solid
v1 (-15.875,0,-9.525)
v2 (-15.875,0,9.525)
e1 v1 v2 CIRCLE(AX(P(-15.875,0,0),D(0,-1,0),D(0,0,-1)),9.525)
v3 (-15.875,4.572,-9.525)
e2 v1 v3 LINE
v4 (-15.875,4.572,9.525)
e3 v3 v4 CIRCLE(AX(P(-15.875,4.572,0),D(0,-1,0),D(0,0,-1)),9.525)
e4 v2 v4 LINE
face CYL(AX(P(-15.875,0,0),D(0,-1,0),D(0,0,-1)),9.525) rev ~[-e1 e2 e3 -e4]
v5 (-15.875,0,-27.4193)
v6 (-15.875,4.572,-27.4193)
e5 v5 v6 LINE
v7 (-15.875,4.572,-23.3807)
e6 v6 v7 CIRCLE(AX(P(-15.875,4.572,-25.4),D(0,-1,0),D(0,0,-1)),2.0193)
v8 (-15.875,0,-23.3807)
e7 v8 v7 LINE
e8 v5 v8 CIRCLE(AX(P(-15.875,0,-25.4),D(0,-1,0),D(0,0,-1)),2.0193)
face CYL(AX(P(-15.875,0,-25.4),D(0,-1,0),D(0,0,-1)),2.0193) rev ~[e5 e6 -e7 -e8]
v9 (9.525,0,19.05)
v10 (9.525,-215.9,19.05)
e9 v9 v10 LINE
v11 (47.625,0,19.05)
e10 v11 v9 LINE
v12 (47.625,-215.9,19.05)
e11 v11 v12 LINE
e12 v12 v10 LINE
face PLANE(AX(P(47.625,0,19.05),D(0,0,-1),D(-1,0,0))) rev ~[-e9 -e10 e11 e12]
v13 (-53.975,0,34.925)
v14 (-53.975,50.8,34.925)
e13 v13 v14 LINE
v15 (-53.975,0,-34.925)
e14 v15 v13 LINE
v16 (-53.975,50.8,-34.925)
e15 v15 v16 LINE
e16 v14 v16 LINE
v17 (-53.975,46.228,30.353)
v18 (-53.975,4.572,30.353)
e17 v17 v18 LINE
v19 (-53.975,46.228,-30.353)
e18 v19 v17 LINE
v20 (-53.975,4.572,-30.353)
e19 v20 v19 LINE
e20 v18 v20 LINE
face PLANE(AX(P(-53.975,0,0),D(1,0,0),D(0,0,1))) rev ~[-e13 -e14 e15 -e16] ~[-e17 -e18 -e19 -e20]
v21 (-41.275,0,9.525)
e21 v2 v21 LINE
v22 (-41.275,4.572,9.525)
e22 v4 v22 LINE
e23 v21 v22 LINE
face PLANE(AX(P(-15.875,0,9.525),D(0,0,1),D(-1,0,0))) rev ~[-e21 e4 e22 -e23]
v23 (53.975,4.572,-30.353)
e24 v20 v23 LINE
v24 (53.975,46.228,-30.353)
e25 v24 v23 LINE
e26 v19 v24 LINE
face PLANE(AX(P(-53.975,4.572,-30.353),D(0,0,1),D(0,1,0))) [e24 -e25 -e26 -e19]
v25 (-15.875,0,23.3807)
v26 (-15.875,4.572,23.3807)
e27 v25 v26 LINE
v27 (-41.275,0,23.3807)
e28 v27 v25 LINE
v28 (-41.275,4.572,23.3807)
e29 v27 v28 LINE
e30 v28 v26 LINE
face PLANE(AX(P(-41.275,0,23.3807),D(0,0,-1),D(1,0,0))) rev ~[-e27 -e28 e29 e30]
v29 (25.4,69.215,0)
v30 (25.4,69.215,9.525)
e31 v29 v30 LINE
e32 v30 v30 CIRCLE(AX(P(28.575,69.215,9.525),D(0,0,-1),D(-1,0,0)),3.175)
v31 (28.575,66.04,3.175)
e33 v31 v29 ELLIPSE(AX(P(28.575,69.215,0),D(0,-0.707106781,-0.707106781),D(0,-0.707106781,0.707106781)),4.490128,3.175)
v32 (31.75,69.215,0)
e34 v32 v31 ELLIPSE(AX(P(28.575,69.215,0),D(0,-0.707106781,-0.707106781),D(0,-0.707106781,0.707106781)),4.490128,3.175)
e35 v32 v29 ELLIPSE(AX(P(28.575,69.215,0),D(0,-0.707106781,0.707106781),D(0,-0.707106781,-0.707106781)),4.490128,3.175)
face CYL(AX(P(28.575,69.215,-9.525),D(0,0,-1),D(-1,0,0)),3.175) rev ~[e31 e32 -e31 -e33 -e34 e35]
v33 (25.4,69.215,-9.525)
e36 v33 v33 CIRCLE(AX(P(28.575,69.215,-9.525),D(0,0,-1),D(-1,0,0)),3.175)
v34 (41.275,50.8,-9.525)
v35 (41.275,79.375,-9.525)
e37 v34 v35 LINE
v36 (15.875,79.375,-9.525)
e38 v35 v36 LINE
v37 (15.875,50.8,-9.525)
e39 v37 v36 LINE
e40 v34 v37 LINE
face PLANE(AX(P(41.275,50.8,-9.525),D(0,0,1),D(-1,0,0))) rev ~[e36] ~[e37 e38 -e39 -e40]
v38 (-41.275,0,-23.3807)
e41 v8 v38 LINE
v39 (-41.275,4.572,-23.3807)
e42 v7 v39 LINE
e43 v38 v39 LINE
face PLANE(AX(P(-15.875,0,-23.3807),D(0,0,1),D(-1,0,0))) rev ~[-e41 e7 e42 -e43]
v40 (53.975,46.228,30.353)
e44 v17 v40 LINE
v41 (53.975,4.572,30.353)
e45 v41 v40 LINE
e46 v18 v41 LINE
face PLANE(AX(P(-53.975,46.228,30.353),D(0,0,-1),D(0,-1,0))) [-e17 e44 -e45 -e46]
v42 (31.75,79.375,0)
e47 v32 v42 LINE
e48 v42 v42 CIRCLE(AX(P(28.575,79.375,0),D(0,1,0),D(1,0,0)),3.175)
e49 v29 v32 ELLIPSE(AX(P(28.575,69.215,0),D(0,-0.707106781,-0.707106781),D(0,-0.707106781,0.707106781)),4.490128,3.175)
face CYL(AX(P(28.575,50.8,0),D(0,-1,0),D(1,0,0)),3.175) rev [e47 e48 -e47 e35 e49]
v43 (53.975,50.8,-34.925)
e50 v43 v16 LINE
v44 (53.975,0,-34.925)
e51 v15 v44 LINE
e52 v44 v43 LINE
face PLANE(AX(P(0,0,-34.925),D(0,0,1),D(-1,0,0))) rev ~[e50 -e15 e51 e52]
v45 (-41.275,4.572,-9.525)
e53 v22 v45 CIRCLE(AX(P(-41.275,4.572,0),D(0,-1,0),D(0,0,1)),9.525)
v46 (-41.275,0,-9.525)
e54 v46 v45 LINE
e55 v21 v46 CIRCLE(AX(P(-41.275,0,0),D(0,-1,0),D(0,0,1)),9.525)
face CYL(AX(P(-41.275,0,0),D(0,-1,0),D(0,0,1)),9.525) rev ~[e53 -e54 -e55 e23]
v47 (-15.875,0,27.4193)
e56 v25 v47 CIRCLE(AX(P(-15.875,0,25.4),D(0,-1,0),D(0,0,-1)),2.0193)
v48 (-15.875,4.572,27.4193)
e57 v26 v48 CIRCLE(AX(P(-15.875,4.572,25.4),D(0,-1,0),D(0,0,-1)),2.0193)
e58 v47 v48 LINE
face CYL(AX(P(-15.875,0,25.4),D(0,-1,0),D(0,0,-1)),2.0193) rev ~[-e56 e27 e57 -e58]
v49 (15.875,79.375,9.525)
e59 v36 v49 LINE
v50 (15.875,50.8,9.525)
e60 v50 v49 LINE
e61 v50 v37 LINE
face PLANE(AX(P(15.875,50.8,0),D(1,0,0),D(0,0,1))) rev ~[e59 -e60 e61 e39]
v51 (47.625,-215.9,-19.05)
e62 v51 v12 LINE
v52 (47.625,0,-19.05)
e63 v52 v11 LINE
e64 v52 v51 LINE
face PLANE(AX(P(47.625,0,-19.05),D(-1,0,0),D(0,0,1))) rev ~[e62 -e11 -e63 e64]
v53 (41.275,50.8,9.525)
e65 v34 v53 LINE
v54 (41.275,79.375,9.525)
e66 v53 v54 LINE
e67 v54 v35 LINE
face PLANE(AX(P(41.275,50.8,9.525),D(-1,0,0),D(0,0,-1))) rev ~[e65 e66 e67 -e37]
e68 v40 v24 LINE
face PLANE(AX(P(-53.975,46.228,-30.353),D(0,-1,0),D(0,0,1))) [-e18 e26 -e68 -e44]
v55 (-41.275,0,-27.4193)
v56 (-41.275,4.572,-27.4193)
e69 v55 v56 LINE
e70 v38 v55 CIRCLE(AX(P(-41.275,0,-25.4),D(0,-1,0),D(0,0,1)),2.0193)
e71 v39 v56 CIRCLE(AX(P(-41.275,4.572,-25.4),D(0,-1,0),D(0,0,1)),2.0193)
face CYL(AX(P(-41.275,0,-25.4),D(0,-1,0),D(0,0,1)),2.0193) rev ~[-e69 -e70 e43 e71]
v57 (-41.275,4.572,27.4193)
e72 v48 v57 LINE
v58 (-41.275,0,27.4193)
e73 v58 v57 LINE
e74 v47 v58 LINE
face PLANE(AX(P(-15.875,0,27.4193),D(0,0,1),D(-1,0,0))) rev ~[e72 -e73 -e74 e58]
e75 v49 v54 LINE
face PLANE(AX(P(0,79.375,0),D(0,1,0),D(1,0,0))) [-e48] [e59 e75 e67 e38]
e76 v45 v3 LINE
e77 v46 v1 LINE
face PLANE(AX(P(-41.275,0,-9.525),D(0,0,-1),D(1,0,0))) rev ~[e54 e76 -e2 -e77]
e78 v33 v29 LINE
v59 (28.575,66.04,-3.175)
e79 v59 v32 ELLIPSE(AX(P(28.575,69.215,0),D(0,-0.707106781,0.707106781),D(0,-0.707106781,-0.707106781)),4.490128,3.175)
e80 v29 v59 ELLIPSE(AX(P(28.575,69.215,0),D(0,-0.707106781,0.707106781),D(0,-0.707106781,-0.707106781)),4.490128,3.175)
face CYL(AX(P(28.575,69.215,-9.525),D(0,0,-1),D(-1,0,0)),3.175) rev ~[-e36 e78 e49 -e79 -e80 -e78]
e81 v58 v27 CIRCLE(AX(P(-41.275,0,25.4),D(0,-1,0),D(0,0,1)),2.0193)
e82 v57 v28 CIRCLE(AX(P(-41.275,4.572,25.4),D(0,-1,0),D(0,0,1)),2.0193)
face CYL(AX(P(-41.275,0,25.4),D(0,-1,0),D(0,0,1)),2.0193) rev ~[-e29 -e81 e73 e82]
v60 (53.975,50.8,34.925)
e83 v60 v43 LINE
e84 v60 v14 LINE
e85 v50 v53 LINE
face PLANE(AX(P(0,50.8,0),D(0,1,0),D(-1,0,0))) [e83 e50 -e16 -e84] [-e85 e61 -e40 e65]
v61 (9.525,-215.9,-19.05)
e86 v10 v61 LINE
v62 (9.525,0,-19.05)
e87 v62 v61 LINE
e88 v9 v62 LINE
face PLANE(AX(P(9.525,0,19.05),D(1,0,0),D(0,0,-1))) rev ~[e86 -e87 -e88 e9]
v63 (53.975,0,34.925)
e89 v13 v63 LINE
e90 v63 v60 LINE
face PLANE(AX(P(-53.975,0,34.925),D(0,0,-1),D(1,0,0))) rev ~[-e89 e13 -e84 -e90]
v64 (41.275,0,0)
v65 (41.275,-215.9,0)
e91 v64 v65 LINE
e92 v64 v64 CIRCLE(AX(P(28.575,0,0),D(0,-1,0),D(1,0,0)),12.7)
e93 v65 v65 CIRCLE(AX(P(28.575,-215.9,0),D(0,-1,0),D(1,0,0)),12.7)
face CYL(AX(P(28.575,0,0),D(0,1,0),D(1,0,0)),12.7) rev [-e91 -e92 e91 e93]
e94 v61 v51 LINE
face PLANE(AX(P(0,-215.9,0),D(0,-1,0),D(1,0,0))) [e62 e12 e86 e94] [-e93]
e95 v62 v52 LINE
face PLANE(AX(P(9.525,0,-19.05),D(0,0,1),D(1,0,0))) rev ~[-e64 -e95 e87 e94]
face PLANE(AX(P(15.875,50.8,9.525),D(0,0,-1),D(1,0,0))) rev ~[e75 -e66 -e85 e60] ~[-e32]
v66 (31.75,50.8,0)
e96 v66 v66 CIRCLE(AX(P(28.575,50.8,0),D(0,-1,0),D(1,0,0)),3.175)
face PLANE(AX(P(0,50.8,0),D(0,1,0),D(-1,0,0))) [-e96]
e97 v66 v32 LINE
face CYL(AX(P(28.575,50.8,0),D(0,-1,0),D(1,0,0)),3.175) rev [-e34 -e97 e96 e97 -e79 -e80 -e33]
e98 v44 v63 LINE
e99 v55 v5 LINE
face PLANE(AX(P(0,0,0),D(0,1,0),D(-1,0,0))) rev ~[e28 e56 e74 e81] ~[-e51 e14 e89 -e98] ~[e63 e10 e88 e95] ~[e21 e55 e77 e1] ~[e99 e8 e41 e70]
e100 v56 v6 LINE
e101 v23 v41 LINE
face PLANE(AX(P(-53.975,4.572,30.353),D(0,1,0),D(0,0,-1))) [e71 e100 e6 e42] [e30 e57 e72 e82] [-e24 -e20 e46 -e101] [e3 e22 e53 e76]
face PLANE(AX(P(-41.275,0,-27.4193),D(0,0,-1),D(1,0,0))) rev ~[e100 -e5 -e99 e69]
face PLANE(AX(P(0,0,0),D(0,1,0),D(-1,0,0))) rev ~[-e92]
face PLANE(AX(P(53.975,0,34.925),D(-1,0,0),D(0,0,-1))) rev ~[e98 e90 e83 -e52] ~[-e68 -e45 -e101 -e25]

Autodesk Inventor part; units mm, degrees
ref_plane "YZ Plane" through (0, 0, 0) normal (1, 0, 0) x (0, 1, 0)
ref_plane "XZ Plane" through (0, 0, 0) normal (0, 1, 0) x (-1, 0, 0)
ref_plane "XY Plane" through (0, 0, 0) normal (0, 0, 1) x (1, 0, 0)
sketch "Sketch1" plane through (0, 0, 0) normal (0, 1, 0) x (-1, 0, 0)
  line L0 (53.975, 34.925) -> (-53.975, 34.925)
  line L1 (-53.975, 34.925) -> (-53.975, -34.925)
  line L2 (-53.975, -34.925) -> (53.975, -34.925)
  line L3 (53.975, -34.925) -> (53.975, 34.925)
  line L4 (0, -48.895) -> (0, 48.895) projected
  line L5 (-75.565, 0) -> (75.565, 0) projected
  point P0 (0, 0)
  dimension "d0" = 69.85
  dimension "d1" = 107.95
extrude "Extrusion1" add sketch "Sketch1" along normal blind 50.8
sketch "Sketch2" plane through (0, 50.8, 0) normal (0, 1, 0) x (1, 0, 0)
  line L0 (-53.975, -34.925) -> (53.975, -34.925) projected
  line L1 (53.975, -34.925) -> (53.975, 34.925) projected
  line L2 (53.975, 34.925) -> (-53.975, 34.925) projected
  line L3 (-53.975, 34.925) -> (-53.975, -34.925) projected
  line L4 (15.875, -9.525) -> (41.275, -9.525)
  line L5 (41.275, -9.525) -> (41.275, 9.525)
  line L6 (41.275, 9.525) -> (15.875, 9.525)
  line L7 (15.875, 9.525) -> (15.875, -9.525)
  line L8 (75.565, 0) -> (-75.565, 0) projected
  circle A0 centre (28.575, 0) radius 3.175
  line L9 (28.575, -9.525) -> (28.575, 9.525) construction
  point P0 (0, 0)
  dimension "d4" = 25.4
  dimension "d5" = 19.05
  dimension "d7" = 6.35
  dimension "d29" = 12.7
extrude "Extrusion2" add sketch "Sketch2" along normal blind 28.575 contours L8 A0 L5 L4 L7 | L7 L6 L5 L8 A0
sketch "Sketch3" plane through (-53.975, 0, -34.925) normal (-1, 0, 0) x (0, 0, 1)
  line L0 (0, 0) -> (69.85, 0) projected
  line L1 (69.85, 0) -> (69.85, 50.8) projected
  line L2 (0, 50.8) -> (69.85, 50.8) projected
  line L3 (0, 0) -> (0, 50.8) projected
  line L4 (65.278, 4.572) -> (4.572, 4.572)
  line L5 (4.572, 4.572) -> (4.572, 46.228)
  line L6 (4.572, 46.228) -> (65.278, 46.228)
  line L7 (65.278, 46.228) -> (65.278, 4.572)
  point P0 (34.925, 0)
  dimension "d10" = 4.572
extrude "Extrusion3" cut sketch "Sketch3" against normal up to next contours L4 L5 L6 L7
sketch "Sketch4" plane through (0, 0, 0) normal (0, -1, 0) x (1, 0, 0)
  line L0 (-53.975, 34.925) -> (53.975, 34.925) projected
  line L1 (-53.975, -34.925) -> (-53.975, 34.925) projected
  line L2 (53.975, -34.925) -> (-53.975, -34.925) projected
  line L3 (53.975, 34.925) -> (53.975, -34.925) projected
  line L4 (9.525, -19.05) -> (47.625, -19.05)
  line L5 (47.625, -19.05) -> (47.625, 19.05)
  line L6 (47.625, 19.05) -> (9.525, 19.05)
  line L7 (9.525, 19.05) -> (9.525, -19.05)
  line L8 (-79.233, 0) -> (97.5728, 0) construction
  arc A0 (-41.275, 9.525) -> (-41.275, -9.525) centre (-41.275, 0) ccw
  arc A1 (-15.875, -9.525) -> (-15.875, 9.525) centre (-15.875, 0) ccw
  arc A2 (-41.275, -23.3807) -> (-41.275, -27.4193) centre (-41.275, -25.4) ccw
  arc A3 (-15.875, -27.4193) -> (-15.875, -23.3807) centre (-15.875, -25.4) ccw
  arc A4 (-41.275, 27.4193) -> (-41.275, 23.3807) centre (-41.275, 25.4) ccw
  arc A5 (-15.875, 23.3807) -> (-15.875, 27.4193) centre (-15.875, 25.4) ccw
  line L9 (-28.575, -34.925) -> (-28.575, 34.925) construction
  line L10 (-41.275, -25.4) -> (-41.275, 25.4) construction
  line L11 (-41.275, -27.4193) -> (-15.875, -27.4193)
  line L12 (-15.875, -23.3807) -> (-41.275, -23.3807)
  line L13 (-41.275, 23.3807) -> (-15.875, 23.3807)
  line L14 (-15.875, 27.4193) -> (-41.275, 27.4193)
  line L15 (-41.275, -9.525) -> (-15.875, -9.525)
  line L16 (-15.875, 9.525) -> (-41.275, 9.525)
  circle A6 centre (28.575, 0) radius 12.7
  line L17 (28.575, 19.05) -> (28.575, -19.05) construction
  point P0 (0, 0)
  dimension "d13" = 38.1
  dimension "d14" = 6.35
  dimension "d15" = 4.0386
  dimension "d16" = 25.4
  dimension "d17" = 25.4
  dimension "d18" = 12.7
  dimension "d19" = 19.05
  dimension "d22" = 25.4
extrude "Extrusion4" cut sketch "Sketch4" against normal up to surface (4.572 mm away) contours L16 A1 L15 A0 | L12 A3 L11 A2 | L14 A5 L13 A4
extrude "Extrusion5" add sketch "Sketch4" along normal blind 215.9 contours L7 L6 L5 L4
sketch "Sketch5" plane through (41.275, 50.8, -9.525) normal (0, 0, -1) x (-1, 0, 0)
  line L0 (25.4, 0) -> (0, 0) projected
  line L1 (25.4, 0) -> (25.4, 28.575) projected
  line L2 (0, 28.575) -> (25.4, 28.575) projected
  line L3 (0, 0) -> (0, 28.575) projected
  circle A0 centre (12.7, 18.415) radius 3.175
  line L4 (25.4, 28.575) -> (0, 28.575) construction
  line L5 (12.7, 28.575) -> (12.7, 0) construction
  point P0 (41.275, -50.8)
  dimension "d25" = 6.35
  dimension "d26" = 10.16
extrude "Extrusion6" cut sketch "Sketch5" against normal up to surface (19.05 mm away) contours A0
properties part number "DART Actuator"
